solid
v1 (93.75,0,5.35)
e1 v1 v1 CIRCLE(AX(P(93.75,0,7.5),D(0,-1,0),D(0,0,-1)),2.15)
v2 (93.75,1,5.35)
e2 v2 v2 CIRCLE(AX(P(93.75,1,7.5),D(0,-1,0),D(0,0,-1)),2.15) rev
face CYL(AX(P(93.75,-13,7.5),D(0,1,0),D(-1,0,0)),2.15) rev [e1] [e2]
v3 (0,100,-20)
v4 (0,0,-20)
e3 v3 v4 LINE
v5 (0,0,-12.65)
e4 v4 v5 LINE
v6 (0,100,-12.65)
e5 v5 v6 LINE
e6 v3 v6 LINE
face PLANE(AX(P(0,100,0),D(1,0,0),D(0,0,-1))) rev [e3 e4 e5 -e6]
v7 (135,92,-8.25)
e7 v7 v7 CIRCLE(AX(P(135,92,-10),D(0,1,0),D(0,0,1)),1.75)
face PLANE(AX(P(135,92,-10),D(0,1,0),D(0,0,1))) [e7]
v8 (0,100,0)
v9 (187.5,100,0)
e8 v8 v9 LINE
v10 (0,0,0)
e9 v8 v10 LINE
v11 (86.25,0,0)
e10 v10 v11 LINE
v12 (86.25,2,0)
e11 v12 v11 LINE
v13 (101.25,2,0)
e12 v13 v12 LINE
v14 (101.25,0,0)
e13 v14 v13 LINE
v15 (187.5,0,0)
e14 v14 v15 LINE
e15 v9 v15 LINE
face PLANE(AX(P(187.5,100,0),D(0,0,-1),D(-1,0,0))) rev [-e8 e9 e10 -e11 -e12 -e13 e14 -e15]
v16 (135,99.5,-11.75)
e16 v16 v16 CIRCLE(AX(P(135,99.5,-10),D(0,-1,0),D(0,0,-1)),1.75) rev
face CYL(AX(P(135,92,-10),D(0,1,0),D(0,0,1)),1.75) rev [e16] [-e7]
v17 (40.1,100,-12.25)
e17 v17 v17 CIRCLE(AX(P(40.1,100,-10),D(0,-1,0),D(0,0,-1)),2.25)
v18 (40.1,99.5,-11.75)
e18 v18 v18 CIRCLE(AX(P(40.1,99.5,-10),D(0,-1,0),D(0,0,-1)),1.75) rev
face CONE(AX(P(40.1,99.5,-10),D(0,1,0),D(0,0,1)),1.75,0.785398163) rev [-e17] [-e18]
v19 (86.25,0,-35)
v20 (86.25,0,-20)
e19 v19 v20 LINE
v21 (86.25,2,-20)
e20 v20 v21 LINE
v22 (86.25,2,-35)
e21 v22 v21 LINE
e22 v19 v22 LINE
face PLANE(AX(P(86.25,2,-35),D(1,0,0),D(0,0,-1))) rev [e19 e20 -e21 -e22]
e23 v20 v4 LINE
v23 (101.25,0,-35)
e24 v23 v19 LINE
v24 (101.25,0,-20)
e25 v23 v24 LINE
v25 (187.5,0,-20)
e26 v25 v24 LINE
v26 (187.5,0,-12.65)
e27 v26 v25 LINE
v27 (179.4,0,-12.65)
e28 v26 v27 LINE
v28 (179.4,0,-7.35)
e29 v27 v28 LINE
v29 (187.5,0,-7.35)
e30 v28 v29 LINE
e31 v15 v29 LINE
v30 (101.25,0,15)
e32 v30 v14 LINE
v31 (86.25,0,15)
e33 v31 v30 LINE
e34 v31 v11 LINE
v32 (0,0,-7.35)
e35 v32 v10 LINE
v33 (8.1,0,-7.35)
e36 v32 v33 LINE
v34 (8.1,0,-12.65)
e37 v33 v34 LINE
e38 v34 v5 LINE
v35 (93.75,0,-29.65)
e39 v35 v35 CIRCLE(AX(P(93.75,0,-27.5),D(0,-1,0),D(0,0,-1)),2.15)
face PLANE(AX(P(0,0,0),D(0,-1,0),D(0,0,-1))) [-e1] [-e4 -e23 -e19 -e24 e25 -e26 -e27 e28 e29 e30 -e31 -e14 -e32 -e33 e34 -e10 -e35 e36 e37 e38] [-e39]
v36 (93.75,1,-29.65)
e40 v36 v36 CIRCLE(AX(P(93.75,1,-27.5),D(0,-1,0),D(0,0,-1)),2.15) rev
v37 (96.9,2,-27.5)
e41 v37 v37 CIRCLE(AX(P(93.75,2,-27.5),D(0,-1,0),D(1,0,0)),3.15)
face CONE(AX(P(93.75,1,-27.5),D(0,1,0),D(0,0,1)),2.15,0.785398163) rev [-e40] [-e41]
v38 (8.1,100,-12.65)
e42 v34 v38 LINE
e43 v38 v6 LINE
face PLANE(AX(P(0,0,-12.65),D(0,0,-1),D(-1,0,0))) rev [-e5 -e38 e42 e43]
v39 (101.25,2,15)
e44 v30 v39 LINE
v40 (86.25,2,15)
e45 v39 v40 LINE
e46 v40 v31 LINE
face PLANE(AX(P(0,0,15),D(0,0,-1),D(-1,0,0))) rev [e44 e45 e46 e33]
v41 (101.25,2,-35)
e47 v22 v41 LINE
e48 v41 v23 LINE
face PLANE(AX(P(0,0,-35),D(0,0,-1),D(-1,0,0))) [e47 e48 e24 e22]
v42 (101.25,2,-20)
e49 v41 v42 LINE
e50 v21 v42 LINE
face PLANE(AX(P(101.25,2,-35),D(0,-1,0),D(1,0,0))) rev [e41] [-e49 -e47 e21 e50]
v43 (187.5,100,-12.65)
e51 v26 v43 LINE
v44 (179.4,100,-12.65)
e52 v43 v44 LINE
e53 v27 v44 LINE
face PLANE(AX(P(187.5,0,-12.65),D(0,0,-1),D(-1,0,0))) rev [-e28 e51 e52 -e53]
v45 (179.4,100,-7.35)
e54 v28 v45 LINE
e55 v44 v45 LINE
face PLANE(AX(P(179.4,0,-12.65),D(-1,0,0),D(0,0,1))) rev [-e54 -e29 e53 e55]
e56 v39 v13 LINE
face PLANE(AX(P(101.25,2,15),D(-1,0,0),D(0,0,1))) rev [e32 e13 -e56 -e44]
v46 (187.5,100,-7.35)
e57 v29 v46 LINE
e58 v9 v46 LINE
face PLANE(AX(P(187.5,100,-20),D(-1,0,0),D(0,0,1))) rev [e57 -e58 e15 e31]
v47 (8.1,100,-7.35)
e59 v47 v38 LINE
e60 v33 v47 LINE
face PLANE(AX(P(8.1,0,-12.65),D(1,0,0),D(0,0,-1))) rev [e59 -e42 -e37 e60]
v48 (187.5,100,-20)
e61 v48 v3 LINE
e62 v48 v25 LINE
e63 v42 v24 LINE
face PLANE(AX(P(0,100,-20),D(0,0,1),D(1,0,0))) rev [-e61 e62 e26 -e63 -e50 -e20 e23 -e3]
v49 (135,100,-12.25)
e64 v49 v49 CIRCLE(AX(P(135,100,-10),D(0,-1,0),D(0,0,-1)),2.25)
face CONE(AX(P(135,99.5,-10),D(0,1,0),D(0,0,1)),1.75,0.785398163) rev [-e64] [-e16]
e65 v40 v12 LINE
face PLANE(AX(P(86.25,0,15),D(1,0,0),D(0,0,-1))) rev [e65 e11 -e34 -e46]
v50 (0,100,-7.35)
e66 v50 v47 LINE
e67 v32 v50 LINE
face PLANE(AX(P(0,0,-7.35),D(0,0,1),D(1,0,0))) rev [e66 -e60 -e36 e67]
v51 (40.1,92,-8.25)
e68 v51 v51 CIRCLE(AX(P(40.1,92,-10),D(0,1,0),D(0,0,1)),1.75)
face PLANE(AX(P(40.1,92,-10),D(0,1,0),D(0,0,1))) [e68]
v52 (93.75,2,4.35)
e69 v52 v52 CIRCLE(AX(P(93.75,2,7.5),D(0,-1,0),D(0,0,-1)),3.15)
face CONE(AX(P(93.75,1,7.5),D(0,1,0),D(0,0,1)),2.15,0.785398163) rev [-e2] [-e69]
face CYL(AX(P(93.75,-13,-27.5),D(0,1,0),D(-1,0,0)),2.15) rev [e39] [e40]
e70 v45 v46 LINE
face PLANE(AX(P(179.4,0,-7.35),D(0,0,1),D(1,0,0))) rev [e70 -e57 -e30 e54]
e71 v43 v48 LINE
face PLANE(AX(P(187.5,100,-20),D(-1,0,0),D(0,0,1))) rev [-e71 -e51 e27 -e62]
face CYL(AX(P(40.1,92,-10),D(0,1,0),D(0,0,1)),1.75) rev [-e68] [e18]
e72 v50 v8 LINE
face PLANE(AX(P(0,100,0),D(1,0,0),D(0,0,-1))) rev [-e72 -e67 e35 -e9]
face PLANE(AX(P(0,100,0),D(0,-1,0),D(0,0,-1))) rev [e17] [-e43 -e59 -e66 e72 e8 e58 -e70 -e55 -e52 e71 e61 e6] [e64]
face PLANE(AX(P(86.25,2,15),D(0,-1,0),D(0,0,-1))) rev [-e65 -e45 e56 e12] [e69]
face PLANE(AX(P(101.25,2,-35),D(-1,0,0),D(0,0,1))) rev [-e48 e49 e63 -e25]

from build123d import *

# Parameters (mm, degrees)
SKETCH1_W           = 187.5
SKETCH1_H           = 20
BOSS_EXTRUDE1_DEPTH = 100
SKETCH2_W           = 8.1
SKETCH2_H           = 5.3
CUT_EXTRUDE1_DEPTH  = 100
SKETCH3_R           = 1.75
CUT_EXTRUDE2_DEPTH  = 8
CHAMFER1_SIZE       = 0.5
CHAMFER2_SIZE       = 0.5
SKETCH4_W           = 15
SKETCH4_H           = 2
BOSS_EXTRUDE2_DEPTH = 15
SKETCH5_W           = 15
SKETCH5_H           = 2
BOSS_EXTRUDE3_DEPTH = 15
SKETCH6_R           = 2.15
CUT_EXTRUDE3_DEPTH  = 15
CHAMFER3_SIZE       = 1


with BuildPart() as part:
    # Sketch1 → Boss-Extrude1 (new body)
    with BuildSketch(Plane(origin=(0, 0, 0), x_dir=(1, 0, 0), z_dir=(0, 1, 0))):
        with Locations((93.75, 10)):
            Rectangle(SKETCH1_W, SKETCH1_H)
    extrude(amount=BOSS_EXTRUDE1_DEPTH)

    # Sketch2 → Cut-Extrude1 (cut)
    with BuildSketch(Plane(origin=(0, 100, 0), x_dir=(1, 0, 0), z_dir=(0, 1, 0))):
        with Locations((4.05, 10)):
            Rectangle(SKETCH2_W, SKETCH2_H)
        with Locations((183.45, 10)):
            Rectangle(SKETCH2_W, SKETCH2_H)
    extrude(amount=-CUT_EXTRUDE1_DEPTH, mode=Mode.SUBTRACT)

    # Sketch3 → Cut-Extrude2 (cut)
    with BuildSketch(Plane(origin=(0, 100, 0), x_dir=(1, 0, 0), z_dir=(0, 1, 0))):
        with Locations(Location((40.1, 10, 0), (0, 0, 270))):
            Circle(SKETCH3_R)
        with Locations(Location((135, 10, 0), (0, 0, 270))):
            Circle(SKETCH3_R)
    extrude(amount=-CUT_EXTRUDE2_DEPTH, mode=Mode.SUBTRACT)

    # Chamfer1
    chamfer1_edges = [part.edges().sort_by_distance(p)[0] for p in [
        (40.1, 100, -11.75),
    ]]
    chamfer(chamfer1_edges, length=CHAMFER1_SIZE)

    # Chamfer2
    chamfer2_edges = [part.edges().sort_by_distance(p)[0] for p in [
        (135, 100, -11.75),
    ]]
    chamfer(chamfer2_edges, length=CHAMFER2_SIZE)

    # Sketch4 → Boss-Extrude2 (add)
    with BuildSketch(Plane(origin=(0, 0, -20), x_dir=(-1, 0, 0), z_dir=(0, 0, -1))):
        with Locations((-93.75, 1)):
            Rectangle(SKETCH4_W, SKETCH4_H)
    extrude(amount=BOSS_EXTRUDE2_DEPTH)

    # Sketch5 → Boss-Extrude3 (add)
    with BuildSketch(Plane.XY):
        with Locations((93.75, 1)):
            Rectangle(SKETCH5_W, SKETCH5_H)
    extrude(amount=BOSS_EXTRUDE3_DEPTH)

    # Sketch6 → Cut-Extrude3 (cut)
    with BuildSketch(Plane(origin=(0, 2, 0), x_dir=(1, 0, 0), z_dir=(0, 1, 0))):
        with Locations(Location((93.75, 27.5, 0), (0, 0, 180))):
            Circle(SKETCH6_R)
        with Locations(Location((93.75, -7.5, 0), (0, 0, 180))):
            Circle(SKETCH6_R)
    extrude(amount=-CUT_EXTRUDE3_DEPTH, mode=Mode.SUBTRACT)

    # Chamfer3
    chamfer3_edges = [part.edges().sort_by_distance(p)[0] for p in [
        (95.9, 2, -27.5),
        (95.9, 2, 7.5),
    ]]
    chamfer(chamfer3_edges, length=CHAMFER3_SIZE)


solid = part.part
